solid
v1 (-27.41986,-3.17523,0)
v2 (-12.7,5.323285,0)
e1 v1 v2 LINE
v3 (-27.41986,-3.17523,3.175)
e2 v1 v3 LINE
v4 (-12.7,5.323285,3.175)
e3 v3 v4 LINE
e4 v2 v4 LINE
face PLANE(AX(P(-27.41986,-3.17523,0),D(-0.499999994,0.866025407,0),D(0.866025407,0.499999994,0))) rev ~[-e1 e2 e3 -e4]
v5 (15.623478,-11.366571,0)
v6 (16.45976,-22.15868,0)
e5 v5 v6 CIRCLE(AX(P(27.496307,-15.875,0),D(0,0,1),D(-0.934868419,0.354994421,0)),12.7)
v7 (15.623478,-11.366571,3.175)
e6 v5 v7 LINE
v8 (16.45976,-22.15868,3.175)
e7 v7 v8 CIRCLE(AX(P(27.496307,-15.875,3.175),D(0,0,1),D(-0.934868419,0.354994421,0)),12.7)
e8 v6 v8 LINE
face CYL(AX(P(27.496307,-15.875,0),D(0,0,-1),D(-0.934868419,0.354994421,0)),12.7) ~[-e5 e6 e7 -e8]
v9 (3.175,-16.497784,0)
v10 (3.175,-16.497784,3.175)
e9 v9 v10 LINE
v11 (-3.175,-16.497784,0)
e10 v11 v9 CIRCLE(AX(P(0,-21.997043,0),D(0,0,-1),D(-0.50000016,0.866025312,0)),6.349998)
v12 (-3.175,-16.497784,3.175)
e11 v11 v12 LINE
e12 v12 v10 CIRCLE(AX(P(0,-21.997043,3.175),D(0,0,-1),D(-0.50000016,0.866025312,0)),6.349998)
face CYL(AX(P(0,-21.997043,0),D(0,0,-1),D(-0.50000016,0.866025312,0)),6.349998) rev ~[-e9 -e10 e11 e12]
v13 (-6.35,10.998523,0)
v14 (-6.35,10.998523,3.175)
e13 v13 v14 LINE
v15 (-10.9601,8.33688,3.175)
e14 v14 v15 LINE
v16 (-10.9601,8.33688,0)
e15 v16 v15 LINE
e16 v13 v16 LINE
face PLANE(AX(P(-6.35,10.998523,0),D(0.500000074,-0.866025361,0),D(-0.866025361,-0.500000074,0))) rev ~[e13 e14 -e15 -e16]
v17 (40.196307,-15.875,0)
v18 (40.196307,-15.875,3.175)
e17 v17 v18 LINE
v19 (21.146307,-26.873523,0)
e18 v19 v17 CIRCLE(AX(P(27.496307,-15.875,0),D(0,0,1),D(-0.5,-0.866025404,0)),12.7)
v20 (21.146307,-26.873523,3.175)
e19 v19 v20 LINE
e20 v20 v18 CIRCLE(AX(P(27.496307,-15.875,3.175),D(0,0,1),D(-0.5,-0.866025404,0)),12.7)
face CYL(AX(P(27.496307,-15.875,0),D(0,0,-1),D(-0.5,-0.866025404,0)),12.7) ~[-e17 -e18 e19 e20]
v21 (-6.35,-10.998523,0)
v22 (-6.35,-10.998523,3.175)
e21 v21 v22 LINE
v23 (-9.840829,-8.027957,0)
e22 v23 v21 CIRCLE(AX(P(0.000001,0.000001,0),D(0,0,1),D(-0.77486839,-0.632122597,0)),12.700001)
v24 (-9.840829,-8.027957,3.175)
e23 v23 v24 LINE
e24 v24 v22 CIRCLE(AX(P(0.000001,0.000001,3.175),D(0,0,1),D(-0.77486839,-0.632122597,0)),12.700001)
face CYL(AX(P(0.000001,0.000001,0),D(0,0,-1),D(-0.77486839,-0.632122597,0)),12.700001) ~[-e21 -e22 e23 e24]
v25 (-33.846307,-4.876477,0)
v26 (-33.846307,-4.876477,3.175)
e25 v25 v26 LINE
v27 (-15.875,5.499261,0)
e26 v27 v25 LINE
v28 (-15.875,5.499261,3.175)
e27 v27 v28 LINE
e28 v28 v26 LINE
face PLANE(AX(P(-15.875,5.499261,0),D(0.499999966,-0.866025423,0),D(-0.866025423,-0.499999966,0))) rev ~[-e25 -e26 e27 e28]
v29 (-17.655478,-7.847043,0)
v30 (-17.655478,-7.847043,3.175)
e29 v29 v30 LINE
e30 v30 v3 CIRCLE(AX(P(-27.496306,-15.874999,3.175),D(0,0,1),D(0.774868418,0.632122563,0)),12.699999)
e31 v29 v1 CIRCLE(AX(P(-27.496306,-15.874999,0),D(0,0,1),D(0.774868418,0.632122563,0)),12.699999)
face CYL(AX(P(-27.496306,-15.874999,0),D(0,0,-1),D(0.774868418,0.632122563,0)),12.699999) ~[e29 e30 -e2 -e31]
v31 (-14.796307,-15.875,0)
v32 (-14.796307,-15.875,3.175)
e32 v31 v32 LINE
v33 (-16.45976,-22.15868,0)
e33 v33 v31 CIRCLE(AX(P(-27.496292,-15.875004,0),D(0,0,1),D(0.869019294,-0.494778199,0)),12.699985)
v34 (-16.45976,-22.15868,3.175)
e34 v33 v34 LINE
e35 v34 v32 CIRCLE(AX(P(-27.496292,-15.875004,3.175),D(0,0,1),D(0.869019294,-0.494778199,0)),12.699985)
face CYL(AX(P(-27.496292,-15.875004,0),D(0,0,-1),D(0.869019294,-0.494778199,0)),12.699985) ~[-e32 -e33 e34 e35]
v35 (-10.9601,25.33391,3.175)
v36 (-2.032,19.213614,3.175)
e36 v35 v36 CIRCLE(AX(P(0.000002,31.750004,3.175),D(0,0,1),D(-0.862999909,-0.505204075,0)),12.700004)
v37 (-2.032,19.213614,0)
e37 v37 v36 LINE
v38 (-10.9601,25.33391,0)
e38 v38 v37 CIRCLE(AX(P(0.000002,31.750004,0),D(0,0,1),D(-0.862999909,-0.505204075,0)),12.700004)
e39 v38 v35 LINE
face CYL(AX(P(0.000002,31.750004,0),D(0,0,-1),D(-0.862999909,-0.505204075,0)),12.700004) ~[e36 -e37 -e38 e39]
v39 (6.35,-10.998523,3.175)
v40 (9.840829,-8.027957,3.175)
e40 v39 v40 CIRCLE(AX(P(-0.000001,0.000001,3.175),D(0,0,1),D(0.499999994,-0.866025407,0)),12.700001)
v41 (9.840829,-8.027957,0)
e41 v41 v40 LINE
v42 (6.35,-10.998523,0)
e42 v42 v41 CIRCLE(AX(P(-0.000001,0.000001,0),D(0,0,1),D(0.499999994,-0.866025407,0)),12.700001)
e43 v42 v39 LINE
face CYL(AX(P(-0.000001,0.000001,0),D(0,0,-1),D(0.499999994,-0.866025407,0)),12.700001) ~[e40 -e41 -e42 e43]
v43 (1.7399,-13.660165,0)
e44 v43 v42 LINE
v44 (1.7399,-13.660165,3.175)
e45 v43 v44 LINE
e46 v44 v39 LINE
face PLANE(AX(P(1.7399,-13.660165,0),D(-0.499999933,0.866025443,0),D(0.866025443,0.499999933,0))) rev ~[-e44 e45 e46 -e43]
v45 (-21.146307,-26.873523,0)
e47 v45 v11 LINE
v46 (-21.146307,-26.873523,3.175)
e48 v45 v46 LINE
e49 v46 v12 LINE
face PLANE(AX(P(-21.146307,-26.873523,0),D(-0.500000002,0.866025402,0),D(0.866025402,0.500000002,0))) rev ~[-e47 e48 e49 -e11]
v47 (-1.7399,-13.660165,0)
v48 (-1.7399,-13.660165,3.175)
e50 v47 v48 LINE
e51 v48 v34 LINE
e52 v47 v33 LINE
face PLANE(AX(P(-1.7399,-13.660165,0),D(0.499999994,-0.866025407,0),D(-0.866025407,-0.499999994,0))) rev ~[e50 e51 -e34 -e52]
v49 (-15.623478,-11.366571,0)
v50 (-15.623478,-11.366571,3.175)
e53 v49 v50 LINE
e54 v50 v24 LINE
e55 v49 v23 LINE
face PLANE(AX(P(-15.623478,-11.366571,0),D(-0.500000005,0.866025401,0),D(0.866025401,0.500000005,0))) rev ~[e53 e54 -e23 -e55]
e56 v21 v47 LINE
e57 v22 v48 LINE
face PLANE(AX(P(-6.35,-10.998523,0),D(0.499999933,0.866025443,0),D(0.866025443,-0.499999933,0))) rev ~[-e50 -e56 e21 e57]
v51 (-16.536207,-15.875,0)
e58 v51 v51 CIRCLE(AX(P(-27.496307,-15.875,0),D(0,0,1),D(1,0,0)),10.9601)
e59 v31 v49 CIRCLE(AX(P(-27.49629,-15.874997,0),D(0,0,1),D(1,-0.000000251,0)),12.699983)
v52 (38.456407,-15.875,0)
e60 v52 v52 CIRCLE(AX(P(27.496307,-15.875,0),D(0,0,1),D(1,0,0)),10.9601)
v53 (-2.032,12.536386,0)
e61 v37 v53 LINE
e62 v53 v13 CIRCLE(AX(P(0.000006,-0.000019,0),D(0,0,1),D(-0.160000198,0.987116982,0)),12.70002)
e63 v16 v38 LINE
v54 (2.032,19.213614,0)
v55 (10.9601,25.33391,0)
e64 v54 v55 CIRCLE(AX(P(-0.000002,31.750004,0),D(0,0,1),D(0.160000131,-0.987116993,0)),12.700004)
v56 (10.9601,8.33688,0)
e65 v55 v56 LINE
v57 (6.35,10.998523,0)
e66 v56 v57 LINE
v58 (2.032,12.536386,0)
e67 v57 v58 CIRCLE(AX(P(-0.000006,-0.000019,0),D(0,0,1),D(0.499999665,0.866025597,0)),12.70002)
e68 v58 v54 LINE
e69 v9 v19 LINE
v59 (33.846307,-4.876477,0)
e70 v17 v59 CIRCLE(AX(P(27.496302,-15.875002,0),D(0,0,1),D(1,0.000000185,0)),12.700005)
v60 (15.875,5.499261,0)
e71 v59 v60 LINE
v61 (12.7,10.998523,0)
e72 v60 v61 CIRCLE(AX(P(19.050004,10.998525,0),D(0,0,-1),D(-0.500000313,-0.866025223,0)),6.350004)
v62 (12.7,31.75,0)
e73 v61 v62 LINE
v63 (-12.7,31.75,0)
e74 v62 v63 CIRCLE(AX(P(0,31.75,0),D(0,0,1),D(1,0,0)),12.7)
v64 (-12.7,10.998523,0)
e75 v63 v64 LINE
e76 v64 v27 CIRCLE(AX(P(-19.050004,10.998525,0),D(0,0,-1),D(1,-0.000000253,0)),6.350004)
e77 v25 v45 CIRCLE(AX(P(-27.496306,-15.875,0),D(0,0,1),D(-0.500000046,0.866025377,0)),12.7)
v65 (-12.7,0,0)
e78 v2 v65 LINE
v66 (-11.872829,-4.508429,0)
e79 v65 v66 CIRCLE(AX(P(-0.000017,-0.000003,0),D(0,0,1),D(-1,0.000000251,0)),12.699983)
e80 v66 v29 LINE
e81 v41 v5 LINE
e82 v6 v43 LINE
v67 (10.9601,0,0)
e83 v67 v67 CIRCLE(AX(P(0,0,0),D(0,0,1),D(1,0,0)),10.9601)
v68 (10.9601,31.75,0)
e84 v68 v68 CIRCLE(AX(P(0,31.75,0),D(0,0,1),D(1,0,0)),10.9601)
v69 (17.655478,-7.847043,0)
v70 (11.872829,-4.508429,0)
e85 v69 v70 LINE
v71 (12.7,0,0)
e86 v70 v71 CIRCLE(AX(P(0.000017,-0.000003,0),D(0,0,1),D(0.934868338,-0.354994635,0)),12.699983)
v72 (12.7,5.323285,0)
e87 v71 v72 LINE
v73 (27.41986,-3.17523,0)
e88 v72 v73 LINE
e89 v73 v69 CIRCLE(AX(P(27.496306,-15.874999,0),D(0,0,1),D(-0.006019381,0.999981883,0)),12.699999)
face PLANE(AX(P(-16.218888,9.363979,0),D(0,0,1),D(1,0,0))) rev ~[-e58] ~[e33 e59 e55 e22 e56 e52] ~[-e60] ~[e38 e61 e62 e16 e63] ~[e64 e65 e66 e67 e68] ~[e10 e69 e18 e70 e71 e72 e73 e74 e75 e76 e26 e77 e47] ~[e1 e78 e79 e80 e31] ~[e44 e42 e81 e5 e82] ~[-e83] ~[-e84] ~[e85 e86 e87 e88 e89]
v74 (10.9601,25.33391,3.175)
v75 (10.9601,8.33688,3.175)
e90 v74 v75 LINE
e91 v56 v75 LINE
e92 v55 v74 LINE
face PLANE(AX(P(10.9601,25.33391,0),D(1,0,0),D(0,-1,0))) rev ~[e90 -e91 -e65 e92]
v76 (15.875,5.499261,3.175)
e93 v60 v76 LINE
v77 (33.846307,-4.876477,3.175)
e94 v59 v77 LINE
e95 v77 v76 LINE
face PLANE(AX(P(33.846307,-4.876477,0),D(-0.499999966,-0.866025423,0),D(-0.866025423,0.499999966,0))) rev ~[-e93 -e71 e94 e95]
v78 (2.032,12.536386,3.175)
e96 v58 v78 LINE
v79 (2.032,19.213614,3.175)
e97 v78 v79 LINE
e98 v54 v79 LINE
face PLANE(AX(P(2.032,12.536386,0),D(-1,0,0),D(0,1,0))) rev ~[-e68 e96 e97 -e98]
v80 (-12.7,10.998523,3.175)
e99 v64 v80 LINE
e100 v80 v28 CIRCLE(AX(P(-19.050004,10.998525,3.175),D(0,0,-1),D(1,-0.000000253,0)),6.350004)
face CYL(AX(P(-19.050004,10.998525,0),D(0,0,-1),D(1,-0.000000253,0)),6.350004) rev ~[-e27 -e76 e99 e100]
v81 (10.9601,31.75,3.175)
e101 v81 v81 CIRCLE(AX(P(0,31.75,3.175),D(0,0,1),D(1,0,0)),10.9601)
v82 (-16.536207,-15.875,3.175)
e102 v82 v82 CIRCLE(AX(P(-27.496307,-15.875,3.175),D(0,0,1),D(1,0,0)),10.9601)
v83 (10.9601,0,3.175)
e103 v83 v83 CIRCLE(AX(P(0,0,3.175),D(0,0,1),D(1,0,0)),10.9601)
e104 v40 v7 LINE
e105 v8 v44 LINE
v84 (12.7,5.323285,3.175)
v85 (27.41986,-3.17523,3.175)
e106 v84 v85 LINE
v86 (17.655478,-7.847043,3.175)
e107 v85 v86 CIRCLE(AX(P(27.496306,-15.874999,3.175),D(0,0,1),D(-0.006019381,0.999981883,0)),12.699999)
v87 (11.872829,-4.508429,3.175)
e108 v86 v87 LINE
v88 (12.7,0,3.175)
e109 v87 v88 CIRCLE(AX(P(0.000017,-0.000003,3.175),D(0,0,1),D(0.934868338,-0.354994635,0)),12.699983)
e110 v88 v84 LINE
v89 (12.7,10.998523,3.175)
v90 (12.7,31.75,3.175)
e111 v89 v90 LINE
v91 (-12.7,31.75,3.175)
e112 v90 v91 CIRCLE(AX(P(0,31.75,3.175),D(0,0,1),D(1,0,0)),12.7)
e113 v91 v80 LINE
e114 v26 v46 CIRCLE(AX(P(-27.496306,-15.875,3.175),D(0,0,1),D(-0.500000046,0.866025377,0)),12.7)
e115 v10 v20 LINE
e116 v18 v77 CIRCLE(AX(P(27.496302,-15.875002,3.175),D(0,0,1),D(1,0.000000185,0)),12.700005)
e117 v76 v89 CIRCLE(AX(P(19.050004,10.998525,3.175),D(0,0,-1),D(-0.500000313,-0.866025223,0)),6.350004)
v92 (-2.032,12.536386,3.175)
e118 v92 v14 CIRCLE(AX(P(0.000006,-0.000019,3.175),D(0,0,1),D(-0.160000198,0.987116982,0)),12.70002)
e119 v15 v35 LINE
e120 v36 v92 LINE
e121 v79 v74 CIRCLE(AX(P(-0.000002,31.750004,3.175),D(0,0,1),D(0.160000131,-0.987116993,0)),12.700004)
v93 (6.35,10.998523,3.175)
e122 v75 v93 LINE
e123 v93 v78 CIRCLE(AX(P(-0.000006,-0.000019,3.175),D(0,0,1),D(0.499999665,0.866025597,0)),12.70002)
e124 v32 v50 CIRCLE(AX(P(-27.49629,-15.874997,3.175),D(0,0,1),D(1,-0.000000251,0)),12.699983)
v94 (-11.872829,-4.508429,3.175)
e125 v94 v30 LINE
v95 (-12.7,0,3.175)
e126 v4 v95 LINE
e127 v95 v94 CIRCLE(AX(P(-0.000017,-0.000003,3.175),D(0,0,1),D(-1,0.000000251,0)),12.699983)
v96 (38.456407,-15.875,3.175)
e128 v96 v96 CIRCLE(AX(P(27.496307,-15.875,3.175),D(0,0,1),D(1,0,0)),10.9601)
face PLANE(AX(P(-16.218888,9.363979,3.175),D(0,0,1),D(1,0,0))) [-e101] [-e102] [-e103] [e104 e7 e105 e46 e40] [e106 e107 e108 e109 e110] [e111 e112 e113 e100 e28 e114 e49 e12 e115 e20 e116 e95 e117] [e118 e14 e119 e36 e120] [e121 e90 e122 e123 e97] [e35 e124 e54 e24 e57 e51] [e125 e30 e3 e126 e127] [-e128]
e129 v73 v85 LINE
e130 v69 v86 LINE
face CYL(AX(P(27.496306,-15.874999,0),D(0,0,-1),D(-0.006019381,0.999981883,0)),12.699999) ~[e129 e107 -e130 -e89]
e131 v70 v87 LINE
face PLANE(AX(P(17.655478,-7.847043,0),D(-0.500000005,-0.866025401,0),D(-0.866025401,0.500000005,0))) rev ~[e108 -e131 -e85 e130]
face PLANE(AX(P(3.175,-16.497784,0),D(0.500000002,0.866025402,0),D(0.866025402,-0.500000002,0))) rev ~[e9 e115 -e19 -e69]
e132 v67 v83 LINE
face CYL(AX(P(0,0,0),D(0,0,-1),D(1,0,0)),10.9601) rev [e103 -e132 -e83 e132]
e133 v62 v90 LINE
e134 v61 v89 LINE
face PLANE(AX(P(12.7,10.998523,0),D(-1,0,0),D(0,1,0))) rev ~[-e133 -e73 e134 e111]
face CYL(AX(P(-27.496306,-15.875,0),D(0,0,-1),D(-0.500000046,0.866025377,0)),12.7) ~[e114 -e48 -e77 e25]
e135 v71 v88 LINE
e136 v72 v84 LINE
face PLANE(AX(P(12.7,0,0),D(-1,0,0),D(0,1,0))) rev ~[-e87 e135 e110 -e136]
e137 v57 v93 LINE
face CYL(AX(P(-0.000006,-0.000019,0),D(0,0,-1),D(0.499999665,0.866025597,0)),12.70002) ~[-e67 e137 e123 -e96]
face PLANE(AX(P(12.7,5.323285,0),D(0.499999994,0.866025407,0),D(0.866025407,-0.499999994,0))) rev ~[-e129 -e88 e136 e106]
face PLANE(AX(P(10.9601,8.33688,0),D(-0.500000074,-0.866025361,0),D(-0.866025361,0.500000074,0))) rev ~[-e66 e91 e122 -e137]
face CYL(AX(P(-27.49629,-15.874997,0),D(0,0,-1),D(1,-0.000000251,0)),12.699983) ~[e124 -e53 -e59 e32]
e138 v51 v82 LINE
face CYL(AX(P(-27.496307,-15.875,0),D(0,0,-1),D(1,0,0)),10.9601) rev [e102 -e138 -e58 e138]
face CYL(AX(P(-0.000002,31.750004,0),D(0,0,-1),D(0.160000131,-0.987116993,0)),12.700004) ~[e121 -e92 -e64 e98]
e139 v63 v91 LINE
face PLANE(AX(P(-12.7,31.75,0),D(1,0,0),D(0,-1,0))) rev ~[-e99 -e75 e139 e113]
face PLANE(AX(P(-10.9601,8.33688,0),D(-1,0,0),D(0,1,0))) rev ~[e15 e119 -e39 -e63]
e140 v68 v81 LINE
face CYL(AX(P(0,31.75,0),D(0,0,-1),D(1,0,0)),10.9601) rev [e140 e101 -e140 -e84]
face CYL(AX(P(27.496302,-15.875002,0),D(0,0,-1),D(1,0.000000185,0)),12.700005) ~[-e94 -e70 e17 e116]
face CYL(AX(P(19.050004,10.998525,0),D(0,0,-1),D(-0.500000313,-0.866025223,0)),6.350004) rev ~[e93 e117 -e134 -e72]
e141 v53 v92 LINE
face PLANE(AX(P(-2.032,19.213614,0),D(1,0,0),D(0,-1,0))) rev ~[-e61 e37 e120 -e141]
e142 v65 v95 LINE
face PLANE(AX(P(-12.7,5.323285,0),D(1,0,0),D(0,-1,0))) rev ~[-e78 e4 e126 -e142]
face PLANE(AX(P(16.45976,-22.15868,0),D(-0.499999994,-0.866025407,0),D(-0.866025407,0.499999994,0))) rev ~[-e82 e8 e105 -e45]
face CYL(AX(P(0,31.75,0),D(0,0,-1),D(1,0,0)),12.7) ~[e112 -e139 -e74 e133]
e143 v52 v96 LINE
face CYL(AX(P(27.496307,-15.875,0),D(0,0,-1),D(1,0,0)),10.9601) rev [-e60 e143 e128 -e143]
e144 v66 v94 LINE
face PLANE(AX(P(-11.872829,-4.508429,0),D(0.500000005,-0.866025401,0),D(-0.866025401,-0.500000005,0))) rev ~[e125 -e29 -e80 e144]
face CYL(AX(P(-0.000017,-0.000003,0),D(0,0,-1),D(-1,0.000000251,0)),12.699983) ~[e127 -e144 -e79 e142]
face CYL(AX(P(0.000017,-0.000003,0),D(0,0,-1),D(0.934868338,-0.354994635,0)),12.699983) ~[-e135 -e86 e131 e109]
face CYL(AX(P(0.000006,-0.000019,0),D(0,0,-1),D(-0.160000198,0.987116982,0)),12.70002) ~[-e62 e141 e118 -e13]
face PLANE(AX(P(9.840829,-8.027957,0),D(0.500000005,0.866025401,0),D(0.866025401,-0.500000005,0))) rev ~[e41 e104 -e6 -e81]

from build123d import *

# Parameters (mm, degrees)
F0_R     = 10.9601
F1_DEPTH = 3.175


with BuildPart() as f1:
    # F0 (on Top) → F1 (new body)
    with BuildSketch(Plane.XY):
        with BuildLine():
            Line((-6.35, 10.998523), (-10.9601, 8.33688))
            Line((-10.9601, 8.33688), (-10.9601, 25.33391))
            ThreePointArc((-10.9601, 25.33391), (-12.257309, 28.426092), (-12.7, 31.75))
            Line((-12.7, 31.75), (-12.7, 10.998523))
            ThreePointArc((-12.7, 10.998523), (-13.550739, 7.823523), (-15.875, 5.499261))
            Line((-15.875, 5.499261), (-33.846307, -4.876477))
            ThreePointArc((-33.846307, -4.876477), (-30.746372, -3.597905), (-27.41986, -3.17523))
            Line((-27.41986, -3.17523), (-12.7, 5.323285))
            Line((-12.7, 5.323285), (-12.7, 0))
            ThreePointArc((-12.7, 0), (-10.998523, 6.35), (-6.35, 10.998523))
        make_face()
        with BuildLine():
            Line((12.7, 10.998523), (12.7, 31.75))
            ThreePointArc((12.7, 31.75), (12.257309, 28.426092), (10.9601, 25.33391))
            Line((10.9601, 25.33391), (10.9601, 8.33688))
            Line((10.9601, 8.33688), (6.35, 10.998523))
            ThreePointArc((6.35, 10.998523), (10.998523, 6.35), (12.7, 0))
            Line((12.7, 0), (12.7, 5.323285))
            Line((12.7, 5.323285), (27.41986, -3.17523))
            ThreePointArc((27.41986, -3.17523), (30.746372, -3.597905), (33.846307, -4.876477))
            Line((33.846307, -4.876477), (15.875, 5.499261))
            ThreePointArc((15.875, 5.499261), (13.550739, 7.823523), (12.7, 10.998523))
        make_face()
        with BuildLine():
            ThreePointArc((-12.7, 31.75), (-12.257309, 28.426092), (-10.9601, 25.33391))
            ThreePointArc((-10.9601, 25.33391), (-7.18075, 21.274943), (-2.032, 19.213614))
            ThreePointArc((-2.032, 19.213614), (0, 19.05), (2.032, 19.213614))
            ThreePointArc((2.032, 19.213614), (7.18075, 21.274943), (10.9601, 25.33391))
            ThreePointArc((10.9601, 25.33391), (12.257309, 28.426092), (12.7, 31.75))
            ThreePointArc((12.7, 31.75), (0, 44.45), (-12.7, 31.75))
        make_face()
        with Locations((0, 31.75)):
            Circle(F0_R, mode=Mode.SUBTRACT)
        with BuildLine():
            ThreePointArc((2.032, 19.213614), (0, 19.05), (-2.032, 19.213614))
            Line((-2.032, 19.213614), (-2.032, 12.536386))
            ThreePointArc((-2.032, 12.536386), (0, 12.7), (2.032, 12.536386))
            Line((2.032, 12.536386), (2.032, 19.213614))
        make_face()
        with BuildLine():
            ThreePointArc((-2.032, 12.536386), (-4.260955, 11.963873), (-6.35, 10.998523))
            ThreePointArc((-6.35, 10.998523), (-10.998523, 6.35), (-12.7, 0))
            ThreePointArc((-12.7, 0), (-12.491496, -2.291841), (-11.872829, -4.508429))
            ThreePointArc((-11.872829, -4.508429), (-10.998523, -6.35), (-9.840829, -8.027957))
            ThreePointArc((-9.840829, -8.027957), (-8.230541, -9.672032), (-6.35, -10.998523))
            ThreePointArc((-6.35, -10.998523), (0, -12.7), (6.35, -10.998523))
            ThreePointArc((6.35, -10.998523), (8.230541, -9.672032), (9.840829, -8.027957))
            ThreePointArc((9.840829, -8.027957), (10.998523, -6.35), (11.872829, -4.508429))
            ThreePointArc((11.872829, -4.508429), (12.491496, -2.291841), (12.7, 0))
            ThreePointArc((12.7, 0), (10.998523, 6.35), (6.35, 10.998523))
            ThreePointArc((6.35, 10.998523), (4.260955, 11.963873), (2.032, 12.536386))
            ThreePointArc((2.032, 12.536386), (0, 12.7), (-2.032, 12.536386))
        make_face()
        Circle(F0_R, mode=Mode.SUBTRACT)
        with BuildLine():
            Line((17.655478, -7.847043), (11.872829, -4.508429))
            ThreePointArc((11.872829, -4.508429), (10.998523, -6.35), (9.840829, -8.027957))
            Line((9.840829, -8.027957), (15.623478, -11.366571))
            ThreePointArc((15.623478, -11.366571), (16.497784, -9.525), (17.655478, -7.847043))
        make_face()
        with BuildLine():
            ThreePointArc((6.35, -10.998523), (0, -12.7), (-6.35, -10.998523))
            Line((-6.35, -10.998523), (-1.7399, -13.660165))
            Line((-1.7399, -13.660165), (-16.45976, -22.15868))
            ThreePointArc((-16.45976, -22.15868), (-18.489063, -24.828187), (-21.146307, -26.873523))
            Line((-21.146307, -26.873523), (-3.175, -16.497784))
            ThreePointArc((-3.175, -16.497784), (0, -15.647045), (3.175, -16.497784))
            Line((3.175, -16.497784), (21.146307, -26.873523))
            ThreePointArc((21.146307, -26.873523), (18.489063, -24.828187), (16.45976, -22.15868))
            Line((16.45976, -22.15868), (1.7399, -13.660165))
            Line((1.7399, -13.660165), (6.35, -10.998523))
        make_face()
        with BuildLine():
            ThreePointArc((-9.840829, -8.027957), (-10.998523, -6.35), (-11.872829, -4.508429))
            Line((-11.872829, -4.508429), (-17.655478, -7.847043))
            ThreePointArc((-17.655478, -7.847043), (-16.497784, -9.525), (-15.623478, -11.366571))
            Line((-15.623478, -11.366571), (-9.840829, -8.027957))
        make_face()
        with BuildLine():
            ThreePointArc((-15.623478, -11.366571), (-16.497784, -9.525), (-17.655478, -7.847043))
            ThreePointArc((-17.655478, -7.847043), (-22.015016, -4.418759), (-27.41986, -3.17523))
            ThreePointArc((-27.41986, -3.17523), (-30.746372, -3.597905), (-33.846307, -4.876477))
            ThreePointArc((-33.846307, -4.876477), (-38.494829, -22.225), (-21.146307, -26.873523))
            ThreePointArc((-21.146307, -26.873523), (-18.489063, -24.828187), (-16.45976, -22.15868))
            ThreePointArc((-16.45976, -22.15868), (-15.219211, -19.125066), (-14.796307, -15.875))
            ThreePointArc((-14.796307, -15.875), (-15.004811, -13.583159), (-15.623478, -11.366571))
        make_face()
        with Locations((-27.496307, -15.875)):
            Circle(F0_R, mode=Mode.SUBTRACT)
        with BuildLine():
            ThreePointArc((40.196307, -15.875), (38.494829, -9.525), (33.846307, -4.876477))
            ThreePointArc((33.846307, -4.876477), (30.746372, -3.597905), (27.41986, -3.17523))
            ThreePointArc((27.41986, -3.17523), (22.015016, -4.418759), (17.655478, -7.847043))
            ThreePointArc((17.655478, -7.847043), (16.497784, -9.525), (15.623478, -11.366571))
            ThreePointArc((15.623478, -11.366571), (14.834266, -16.856183), (16.45976, -22.15868))
            ThreePointArc((16.45976, -22.15868), (18.489063, -24.828187), (21.146307, -26.873523))
            ThreePointArc((21.146307, -26.873523), (33.846307, -26.873523), (40.196307, -15.875))
        make_face()
        with Locations((27.496307, -15.875)):
            Circle(F0_R, mode=Mode.SUBTRACT)
    extrude(amount=F1_DEPTH)


solid = f1.part
